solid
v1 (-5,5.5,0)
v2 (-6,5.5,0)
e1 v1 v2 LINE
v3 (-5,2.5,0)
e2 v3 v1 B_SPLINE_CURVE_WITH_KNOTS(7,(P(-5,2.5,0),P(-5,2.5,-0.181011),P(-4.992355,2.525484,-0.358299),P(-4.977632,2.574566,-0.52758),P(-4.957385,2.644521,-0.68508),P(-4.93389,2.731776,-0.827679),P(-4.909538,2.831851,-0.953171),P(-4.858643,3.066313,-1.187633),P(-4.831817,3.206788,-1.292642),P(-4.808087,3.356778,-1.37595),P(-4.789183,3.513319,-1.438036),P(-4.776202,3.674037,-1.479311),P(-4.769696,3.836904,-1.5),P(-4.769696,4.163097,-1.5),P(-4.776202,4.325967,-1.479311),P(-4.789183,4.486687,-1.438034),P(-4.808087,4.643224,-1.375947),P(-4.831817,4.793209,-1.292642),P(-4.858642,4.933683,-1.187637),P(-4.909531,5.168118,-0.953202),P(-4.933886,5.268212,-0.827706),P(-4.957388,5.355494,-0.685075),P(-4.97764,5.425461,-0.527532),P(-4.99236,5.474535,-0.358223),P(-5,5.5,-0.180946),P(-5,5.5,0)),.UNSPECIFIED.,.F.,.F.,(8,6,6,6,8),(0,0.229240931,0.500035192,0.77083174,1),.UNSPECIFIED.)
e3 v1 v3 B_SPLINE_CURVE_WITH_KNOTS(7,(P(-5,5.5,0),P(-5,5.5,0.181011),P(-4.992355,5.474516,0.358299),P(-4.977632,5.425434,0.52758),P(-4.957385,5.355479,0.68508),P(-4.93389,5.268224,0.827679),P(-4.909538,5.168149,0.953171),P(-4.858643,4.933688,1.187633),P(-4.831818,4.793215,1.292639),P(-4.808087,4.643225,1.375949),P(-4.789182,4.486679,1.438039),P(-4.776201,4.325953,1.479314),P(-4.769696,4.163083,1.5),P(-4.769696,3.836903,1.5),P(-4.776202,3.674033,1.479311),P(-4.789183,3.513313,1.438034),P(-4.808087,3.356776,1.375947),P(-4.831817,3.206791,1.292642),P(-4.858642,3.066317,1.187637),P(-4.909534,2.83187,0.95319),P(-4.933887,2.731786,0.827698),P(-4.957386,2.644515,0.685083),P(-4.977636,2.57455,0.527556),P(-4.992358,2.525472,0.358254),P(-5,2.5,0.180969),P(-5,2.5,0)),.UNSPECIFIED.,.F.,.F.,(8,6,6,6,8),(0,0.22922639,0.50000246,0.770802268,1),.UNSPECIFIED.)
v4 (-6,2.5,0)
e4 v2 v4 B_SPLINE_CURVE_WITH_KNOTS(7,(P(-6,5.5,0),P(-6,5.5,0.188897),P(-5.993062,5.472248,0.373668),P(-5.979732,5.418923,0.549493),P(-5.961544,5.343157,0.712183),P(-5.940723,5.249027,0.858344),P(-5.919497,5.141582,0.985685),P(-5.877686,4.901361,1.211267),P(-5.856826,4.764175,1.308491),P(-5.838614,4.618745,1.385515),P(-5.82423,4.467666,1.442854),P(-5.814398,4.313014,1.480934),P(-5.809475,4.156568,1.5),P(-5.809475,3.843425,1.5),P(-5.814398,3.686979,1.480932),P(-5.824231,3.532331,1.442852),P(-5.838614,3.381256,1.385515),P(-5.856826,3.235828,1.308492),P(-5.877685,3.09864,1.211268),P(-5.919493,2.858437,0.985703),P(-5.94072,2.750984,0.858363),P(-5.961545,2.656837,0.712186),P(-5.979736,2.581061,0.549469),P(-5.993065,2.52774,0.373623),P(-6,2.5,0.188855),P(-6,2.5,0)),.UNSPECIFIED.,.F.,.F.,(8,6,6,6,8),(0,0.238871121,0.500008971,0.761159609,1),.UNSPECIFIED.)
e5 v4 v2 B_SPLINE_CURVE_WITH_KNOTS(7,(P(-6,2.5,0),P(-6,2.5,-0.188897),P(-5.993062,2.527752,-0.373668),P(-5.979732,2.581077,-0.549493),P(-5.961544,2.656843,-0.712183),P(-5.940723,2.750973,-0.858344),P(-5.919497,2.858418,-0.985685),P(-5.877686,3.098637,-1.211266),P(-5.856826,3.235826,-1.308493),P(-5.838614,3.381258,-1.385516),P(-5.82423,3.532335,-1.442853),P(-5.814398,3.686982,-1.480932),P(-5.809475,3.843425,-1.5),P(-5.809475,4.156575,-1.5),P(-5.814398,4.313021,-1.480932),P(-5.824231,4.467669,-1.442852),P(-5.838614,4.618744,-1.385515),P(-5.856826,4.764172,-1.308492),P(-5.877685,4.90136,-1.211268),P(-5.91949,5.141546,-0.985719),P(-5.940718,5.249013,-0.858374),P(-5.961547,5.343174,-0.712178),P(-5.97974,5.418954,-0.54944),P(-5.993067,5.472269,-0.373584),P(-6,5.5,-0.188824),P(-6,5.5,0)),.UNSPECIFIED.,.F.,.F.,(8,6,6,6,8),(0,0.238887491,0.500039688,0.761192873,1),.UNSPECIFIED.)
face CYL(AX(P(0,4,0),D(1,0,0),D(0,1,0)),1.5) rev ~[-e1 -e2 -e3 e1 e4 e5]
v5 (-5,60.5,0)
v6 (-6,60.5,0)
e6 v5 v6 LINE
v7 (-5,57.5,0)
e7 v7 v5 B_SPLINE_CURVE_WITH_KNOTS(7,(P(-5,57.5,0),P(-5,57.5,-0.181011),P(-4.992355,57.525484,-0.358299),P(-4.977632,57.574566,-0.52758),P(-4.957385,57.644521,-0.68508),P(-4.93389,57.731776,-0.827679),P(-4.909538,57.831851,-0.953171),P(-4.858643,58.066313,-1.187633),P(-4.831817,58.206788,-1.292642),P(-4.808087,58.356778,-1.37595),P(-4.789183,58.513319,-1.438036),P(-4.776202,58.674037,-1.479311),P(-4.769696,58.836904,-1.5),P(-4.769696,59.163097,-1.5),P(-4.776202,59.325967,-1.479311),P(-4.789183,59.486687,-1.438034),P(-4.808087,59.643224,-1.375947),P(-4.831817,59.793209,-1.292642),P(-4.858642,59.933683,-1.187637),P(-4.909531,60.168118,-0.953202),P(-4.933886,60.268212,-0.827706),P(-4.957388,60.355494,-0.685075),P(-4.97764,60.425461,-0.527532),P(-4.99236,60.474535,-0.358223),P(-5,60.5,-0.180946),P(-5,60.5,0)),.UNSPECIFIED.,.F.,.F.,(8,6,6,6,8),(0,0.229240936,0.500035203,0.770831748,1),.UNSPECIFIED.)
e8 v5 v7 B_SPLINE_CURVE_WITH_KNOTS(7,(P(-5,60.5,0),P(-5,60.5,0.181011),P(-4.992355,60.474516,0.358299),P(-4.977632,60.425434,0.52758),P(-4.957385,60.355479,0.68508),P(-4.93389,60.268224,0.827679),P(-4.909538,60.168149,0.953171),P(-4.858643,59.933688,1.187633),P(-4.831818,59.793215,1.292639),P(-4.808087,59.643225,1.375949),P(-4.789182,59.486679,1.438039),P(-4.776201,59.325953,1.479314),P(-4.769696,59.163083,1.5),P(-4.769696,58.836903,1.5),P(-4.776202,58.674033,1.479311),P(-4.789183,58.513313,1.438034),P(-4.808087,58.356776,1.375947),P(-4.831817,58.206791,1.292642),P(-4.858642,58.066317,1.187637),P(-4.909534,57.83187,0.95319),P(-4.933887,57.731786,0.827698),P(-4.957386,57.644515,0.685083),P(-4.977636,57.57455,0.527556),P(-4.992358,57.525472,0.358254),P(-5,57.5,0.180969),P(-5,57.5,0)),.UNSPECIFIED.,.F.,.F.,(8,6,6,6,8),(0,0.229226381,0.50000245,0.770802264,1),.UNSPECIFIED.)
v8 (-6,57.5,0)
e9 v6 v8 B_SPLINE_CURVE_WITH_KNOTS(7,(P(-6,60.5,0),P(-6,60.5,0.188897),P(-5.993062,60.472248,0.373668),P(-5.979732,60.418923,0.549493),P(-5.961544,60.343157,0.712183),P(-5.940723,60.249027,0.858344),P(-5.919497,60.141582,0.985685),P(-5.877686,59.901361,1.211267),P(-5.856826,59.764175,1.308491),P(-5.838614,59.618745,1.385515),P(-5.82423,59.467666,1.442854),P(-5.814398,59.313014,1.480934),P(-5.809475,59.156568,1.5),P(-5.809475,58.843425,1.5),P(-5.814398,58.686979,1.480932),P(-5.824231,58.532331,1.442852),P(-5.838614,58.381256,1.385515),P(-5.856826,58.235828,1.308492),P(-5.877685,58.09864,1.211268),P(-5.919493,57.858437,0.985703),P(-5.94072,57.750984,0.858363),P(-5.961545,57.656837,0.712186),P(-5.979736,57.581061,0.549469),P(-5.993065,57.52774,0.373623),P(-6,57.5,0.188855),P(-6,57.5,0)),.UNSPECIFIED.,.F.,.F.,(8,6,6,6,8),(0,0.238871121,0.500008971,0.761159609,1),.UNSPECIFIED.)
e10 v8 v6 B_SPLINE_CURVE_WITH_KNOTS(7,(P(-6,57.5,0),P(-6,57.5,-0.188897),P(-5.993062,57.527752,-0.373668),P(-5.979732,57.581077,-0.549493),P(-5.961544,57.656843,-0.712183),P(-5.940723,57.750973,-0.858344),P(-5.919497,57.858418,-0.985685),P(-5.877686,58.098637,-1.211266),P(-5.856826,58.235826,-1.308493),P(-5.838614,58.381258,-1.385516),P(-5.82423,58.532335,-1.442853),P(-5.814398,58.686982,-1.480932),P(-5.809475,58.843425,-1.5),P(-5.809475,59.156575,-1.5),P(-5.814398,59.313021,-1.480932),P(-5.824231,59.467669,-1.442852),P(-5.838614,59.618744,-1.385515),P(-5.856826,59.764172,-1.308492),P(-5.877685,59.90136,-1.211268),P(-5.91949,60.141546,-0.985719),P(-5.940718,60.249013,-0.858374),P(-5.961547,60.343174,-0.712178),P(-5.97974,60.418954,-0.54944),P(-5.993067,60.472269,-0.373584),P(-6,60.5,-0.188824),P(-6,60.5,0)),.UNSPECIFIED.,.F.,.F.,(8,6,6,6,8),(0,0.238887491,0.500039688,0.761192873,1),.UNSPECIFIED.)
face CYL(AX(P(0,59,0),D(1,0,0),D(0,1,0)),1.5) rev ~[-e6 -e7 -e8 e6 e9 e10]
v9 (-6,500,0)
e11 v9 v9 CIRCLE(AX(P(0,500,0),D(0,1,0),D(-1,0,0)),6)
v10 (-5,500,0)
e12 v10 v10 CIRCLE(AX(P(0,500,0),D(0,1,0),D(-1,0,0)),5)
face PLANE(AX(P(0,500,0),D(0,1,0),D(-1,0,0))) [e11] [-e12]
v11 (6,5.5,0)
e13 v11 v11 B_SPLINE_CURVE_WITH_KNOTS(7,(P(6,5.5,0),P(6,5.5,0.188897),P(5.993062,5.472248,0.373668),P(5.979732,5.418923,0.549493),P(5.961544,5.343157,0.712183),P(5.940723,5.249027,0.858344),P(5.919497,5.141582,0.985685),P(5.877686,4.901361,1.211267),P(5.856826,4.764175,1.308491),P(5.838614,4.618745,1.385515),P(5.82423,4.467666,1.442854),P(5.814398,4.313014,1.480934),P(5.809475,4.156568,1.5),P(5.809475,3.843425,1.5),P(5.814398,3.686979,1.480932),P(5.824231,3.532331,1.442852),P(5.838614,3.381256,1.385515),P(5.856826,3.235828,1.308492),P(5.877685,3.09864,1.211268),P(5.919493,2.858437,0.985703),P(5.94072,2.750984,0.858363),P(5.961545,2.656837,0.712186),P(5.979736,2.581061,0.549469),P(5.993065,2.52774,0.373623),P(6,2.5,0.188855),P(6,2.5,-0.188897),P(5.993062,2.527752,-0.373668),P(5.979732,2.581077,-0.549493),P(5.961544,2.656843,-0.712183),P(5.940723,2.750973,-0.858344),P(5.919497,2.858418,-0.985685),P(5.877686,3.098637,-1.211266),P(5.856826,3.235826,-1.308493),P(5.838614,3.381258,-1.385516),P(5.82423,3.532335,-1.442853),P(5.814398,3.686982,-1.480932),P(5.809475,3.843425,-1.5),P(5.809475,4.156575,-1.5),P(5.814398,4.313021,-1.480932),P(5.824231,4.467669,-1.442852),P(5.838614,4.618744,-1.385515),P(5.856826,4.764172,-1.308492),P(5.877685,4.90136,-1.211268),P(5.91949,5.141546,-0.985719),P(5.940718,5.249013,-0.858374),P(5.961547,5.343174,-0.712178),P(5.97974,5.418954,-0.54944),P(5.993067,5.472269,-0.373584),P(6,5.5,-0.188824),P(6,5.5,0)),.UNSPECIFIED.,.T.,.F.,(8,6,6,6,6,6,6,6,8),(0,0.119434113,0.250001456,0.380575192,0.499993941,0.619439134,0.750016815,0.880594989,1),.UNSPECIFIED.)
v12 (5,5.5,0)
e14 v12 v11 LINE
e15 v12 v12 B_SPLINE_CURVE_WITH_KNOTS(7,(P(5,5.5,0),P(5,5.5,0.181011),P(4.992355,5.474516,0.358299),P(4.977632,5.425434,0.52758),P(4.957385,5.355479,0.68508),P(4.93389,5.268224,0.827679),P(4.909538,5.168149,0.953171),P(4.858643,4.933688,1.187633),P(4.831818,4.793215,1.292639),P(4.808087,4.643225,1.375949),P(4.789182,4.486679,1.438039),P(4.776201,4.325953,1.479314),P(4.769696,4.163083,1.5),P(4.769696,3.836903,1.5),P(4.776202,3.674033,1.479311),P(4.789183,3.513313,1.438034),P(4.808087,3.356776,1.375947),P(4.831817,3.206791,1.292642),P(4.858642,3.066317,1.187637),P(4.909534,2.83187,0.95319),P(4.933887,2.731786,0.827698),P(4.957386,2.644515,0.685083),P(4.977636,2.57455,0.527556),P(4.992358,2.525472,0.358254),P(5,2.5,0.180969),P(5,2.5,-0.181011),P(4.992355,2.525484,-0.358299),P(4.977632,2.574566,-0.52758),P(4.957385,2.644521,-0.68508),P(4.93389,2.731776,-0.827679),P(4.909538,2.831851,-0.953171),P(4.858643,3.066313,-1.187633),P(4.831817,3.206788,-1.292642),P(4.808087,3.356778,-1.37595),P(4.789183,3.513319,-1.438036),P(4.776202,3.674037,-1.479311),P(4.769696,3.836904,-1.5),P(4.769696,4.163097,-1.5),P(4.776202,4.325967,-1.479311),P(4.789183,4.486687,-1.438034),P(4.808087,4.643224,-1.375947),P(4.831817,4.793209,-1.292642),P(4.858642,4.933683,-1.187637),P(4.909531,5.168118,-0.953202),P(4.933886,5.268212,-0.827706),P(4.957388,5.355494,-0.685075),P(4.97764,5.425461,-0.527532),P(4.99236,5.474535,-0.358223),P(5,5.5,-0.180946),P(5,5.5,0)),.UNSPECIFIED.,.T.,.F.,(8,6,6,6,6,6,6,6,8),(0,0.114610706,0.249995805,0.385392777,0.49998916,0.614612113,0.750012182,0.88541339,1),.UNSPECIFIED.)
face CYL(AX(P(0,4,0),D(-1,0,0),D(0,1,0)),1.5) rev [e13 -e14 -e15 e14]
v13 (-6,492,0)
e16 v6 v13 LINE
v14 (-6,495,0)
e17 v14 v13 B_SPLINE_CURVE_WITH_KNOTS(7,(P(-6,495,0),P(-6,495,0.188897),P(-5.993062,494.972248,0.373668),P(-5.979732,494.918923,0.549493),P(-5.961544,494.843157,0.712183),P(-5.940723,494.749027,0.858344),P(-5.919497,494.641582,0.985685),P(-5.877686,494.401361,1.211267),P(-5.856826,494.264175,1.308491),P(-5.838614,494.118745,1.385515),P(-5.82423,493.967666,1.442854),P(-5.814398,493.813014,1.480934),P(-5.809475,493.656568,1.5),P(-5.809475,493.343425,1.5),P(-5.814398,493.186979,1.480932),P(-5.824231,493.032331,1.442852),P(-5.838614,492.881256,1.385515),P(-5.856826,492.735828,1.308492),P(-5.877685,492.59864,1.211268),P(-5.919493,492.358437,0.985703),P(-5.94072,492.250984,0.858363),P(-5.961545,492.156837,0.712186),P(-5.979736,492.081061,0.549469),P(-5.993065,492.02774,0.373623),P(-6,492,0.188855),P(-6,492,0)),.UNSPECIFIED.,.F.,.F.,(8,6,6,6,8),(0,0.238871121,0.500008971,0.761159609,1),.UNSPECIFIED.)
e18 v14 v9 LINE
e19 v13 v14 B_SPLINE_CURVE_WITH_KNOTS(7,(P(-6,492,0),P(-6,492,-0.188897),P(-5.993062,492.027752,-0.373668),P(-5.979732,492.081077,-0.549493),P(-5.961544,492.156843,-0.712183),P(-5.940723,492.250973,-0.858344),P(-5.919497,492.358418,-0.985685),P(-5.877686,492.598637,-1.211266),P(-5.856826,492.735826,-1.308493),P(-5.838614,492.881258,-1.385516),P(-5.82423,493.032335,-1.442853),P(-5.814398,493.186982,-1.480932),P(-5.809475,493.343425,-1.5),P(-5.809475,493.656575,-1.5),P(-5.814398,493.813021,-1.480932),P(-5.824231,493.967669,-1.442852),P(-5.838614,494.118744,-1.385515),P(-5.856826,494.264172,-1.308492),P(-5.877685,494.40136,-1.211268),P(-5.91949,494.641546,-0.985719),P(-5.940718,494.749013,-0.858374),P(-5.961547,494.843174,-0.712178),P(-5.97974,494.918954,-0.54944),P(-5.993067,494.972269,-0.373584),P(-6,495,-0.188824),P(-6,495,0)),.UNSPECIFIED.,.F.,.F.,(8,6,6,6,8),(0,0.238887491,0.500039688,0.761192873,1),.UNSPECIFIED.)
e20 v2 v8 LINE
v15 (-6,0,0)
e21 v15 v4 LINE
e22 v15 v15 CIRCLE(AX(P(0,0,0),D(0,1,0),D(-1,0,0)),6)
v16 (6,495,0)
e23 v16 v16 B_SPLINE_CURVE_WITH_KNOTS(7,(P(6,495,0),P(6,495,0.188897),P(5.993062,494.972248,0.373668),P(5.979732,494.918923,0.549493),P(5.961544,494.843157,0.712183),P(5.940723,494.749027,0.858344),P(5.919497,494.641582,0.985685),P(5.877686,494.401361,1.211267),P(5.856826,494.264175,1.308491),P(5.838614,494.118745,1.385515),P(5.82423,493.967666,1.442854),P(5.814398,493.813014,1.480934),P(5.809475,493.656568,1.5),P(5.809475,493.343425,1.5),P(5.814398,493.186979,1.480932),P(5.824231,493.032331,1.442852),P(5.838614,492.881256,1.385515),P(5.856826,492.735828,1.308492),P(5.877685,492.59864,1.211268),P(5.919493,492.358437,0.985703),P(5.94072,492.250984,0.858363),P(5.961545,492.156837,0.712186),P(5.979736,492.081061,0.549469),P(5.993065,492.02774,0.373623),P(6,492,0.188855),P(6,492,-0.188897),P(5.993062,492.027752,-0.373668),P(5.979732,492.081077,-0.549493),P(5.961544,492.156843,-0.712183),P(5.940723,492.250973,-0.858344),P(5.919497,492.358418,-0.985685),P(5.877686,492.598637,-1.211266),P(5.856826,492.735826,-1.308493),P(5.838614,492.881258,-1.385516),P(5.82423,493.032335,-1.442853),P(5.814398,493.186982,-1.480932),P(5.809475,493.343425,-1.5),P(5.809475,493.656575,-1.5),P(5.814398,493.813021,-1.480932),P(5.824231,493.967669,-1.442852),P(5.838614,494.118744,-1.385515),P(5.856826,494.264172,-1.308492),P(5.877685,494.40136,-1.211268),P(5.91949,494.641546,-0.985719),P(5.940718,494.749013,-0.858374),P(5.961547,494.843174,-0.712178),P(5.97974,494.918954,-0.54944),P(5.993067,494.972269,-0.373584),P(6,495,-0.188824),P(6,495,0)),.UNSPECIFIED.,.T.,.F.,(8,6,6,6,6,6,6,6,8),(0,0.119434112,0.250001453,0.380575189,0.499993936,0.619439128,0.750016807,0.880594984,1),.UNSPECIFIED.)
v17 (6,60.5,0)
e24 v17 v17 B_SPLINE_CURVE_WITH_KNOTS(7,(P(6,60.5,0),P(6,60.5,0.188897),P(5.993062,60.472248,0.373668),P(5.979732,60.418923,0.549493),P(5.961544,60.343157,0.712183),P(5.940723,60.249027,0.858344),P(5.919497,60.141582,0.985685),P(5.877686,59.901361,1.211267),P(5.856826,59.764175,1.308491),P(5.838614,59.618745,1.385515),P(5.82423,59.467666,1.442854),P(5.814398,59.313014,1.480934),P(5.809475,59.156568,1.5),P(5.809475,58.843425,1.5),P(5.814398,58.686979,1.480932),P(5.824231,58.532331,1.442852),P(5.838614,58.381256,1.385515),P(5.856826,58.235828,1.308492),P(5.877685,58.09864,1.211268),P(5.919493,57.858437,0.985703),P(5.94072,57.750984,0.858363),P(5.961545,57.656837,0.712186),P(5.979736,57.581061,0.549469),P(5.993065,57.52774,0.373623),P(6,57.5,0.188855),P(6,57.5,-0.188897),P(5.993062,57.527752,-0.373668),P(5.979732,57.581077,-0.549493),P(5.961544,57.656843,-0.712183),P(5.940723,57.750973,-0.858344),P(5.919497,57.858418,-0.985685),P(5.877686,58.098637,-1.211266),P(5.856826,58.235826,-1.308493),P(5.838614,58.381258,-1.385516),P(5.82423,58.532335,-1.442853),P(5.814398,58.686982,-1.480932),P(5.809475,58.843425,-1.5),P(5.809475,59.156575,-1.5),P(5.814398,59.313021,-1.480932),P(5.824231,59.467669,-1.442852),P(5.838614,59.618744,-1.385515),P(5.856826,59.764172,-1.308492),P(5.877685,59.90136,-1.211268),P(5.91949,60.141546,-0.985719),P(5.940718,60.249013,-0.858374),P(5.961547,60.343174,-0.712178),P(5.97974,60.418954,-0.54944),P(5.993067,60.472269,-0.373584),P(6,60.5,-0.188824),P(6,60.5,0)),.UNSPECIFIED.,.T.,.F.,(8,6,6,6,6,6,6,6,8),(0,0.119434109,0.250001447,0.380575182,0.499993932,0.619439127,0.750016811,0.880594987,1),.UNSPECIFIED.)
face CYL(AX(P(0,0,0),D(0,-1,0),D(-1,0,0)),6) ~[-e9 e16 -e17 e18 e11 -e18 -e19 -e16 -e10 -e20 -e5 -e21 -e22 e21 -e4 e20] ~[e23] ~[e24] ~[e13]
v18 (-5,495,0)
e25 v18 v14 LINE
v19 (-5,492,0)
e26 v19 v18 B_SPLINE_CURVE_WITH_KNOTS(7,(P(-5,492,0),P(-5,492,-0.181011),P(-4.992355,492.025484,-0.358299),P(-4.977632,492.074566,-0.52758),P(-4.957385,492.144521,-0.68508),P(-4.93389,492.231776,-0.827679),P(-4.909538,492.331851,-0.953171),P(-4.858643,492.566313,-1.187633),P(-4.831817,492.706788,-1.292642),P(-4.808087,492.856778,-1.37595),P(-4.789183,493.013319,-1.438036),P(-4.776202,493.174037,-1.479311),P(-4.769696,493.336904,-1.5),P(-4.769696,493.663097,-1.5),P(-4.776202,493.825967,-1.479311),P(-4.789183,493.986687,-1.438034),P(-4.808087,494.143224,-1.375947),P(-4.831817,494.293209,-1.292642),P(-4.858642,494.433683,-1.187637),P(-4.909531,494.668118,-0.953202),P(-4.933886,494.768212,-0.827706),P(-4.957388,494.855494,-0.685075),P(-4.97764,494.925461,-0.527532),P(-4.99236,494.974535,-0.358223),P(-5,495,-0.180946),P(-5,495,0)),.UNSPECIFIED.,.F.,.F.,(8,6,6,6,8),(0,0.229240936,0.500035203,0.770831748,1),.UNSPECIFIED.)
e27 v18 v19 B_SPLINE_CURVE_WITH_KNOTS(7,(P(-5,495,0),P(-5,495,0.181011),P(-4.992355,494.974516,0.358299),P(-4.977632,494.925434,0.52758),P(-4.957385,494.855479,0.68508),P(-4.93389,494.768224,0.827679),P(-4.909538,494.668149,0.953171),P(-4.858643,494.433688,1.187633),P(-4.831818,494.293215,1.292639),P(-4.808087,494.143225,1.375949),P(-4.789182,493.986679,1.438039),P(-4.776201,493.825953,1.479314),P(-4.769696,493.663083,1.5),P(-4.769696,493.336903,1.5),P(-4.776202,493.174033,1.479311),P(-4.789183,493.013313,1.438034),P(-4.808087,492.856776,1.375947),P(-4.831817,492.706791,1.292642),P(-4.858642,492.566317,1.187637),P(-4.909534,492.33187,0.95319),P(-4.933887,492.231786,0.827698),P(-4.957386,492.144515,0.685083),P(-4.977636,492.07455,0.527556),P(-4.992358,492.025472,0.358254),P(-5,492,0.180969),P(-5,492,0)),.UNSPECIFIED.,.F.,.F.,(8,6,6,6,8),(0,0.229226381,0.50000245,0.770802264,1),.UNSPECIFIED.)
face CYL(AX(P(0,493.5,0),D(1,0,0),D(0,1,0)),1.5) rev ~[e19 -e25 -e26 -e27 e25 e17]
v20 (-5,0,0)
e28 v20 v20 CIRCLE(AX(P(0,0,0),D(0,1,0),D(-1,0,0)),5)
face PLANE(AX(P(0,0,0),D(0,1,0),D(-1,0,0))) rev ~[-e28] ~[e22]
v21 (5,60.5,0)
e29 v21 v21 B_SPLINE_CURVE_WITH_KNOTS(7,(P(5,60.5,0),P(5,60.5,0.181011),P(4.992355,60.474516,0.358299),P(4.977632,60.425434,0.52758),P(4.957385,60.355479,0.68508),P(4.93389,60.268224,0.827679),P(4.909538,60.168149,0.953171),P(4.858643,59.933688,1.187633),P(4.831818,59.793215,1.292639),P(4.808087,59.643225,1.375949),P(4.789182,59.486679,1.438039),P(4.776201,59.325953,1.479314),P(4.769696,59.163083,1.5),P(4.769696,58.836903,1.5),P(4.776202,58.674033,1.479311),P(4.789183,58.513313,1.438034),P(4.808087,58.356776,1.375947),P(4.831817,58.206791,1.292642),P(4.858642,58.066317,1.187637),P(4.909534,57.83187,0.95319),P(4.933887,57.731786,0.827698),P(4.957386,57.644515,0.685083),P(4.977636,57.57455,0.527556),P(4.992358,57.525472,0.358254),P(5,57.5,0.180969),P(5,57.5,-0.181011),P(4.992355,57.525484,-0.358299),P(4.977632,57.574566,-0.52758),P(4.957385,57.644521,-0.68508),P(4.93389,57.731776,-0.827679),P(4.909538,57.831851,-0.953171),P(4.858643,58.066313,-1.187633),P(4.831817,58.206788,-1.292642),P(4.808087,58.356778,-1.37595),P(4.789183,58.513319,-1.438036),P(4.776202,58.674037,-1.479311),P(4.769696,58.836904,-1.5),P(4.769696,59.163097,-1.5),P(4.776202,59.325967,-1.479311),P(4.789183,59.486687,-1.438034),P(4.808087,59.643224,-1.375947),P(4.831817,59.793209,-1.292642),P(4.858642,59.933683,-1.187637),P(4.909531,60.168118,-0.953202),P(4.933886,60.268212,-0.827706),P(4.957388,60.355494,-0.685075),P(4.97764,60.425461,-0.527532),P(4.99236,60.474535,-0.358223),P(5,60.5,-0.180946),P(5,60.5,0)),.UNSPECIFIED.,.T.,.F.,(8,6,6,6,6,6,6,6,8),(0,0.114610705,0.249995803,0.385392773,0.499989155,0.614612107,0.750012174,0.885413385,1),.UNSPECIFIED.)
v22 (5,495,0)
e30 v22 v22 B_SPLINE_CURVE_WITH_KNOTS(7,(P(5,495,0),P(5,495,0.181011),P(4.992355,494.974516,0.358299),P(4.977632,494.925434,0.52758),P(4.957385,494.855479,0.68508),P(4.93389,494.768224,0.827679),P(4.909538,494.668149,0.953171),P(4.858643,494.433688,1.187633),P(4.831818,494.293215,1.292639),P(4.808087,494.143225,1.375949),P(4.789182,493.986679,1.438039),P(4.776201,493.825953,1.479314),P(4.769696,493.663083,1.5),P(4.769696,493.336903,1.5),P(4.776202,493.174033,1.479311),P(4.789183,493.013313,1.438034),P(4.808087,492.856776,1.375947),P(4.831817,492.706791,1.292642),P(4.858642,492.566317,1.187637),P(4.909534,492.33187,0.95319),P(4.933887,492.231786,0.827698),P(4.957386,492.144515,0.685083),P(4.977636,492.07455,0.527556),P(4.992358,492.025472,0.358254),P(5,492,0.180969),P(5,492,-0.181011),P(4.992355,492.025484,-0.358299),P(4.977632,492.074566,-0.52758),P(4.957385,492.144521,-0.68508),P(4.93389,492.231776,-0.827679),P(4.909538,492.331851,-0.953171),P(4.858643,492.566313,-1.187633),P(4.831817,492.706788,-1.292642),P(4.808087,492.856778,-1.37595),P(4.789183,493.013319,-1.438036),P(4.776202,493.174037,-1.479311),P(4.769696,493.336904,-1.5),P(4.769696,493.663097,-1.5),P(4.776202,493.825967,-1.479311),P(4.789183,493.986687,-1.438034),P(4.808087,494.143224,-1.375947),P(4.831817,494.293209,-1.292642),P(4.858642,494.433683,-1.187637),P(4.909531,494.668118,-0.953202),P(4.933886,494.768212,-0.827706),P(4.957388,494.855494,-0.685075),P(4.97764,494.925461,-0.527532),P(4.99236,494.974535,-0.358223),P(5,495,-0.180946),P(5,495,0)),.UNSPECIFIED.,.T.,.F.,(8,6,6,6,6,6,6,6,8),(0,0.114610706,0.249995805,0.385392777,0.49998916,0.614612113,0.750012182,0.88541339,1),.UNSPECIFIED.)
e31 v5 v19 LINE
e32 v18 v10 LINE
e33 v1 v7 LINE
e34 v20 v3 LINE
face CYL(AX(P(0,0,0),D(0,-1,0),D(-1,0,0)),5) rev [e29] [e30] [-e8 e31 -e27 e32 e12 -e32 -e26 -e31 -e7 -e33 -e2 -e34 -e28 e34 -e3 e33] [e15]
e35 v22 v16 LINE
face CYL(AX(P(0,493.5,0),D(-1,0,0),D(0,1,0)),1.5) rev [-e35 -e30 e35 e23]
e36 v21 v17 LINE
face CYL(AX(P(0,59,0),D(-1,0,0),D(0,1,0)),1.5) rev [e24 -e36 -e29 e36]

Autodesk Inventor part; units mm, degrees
ref_plane "XZ Plane" through (0, 0, 0) normal (0, 1, 0) x (-1, 0, 0)
ref_plane "XY Plane" through (0, 0, 0) normal (0, 0, 1) x (1, 0, 0)
sketch "Sketch1" plane through (0, 0, 0) normal (0, 1, 0) x (-1, 0, 0)
  circle A0 centre (0, 0) radius 6
  circle A1 centre (0, 0) radius 5
  dimension "d0" = 12
  dimension "d1" = 10
extrude "Extrusion1" add sketch "Sketch1" along normal blind 500
sketch "Sketch2" plane through (0, 0, 0) normal (1, 0, 0) x (0, 1, 0)
  line L0 (0, -6) -> (0, 6) projected
  circle A0 centre (4, 0) radius 1.5
  circle A1 centre (59, 0) radius 1.5
  line L1 (500, -6) -> (500, 6) projected
  circle A2 centre (493.5, 0) radius 1.5
  point P0 (0, 0)
  dimension "d4" = 3
  dimension "d5" = 3
  dimension "d6" = 4
  dimension "d10" = 3
  dimension "d11" = 6.5
  dimension "d12" = 55
extrude "Extrusion2" cut sketch "Sketch2" along normal mid plane 320
properties part number "CF_tube_12mm_large"
